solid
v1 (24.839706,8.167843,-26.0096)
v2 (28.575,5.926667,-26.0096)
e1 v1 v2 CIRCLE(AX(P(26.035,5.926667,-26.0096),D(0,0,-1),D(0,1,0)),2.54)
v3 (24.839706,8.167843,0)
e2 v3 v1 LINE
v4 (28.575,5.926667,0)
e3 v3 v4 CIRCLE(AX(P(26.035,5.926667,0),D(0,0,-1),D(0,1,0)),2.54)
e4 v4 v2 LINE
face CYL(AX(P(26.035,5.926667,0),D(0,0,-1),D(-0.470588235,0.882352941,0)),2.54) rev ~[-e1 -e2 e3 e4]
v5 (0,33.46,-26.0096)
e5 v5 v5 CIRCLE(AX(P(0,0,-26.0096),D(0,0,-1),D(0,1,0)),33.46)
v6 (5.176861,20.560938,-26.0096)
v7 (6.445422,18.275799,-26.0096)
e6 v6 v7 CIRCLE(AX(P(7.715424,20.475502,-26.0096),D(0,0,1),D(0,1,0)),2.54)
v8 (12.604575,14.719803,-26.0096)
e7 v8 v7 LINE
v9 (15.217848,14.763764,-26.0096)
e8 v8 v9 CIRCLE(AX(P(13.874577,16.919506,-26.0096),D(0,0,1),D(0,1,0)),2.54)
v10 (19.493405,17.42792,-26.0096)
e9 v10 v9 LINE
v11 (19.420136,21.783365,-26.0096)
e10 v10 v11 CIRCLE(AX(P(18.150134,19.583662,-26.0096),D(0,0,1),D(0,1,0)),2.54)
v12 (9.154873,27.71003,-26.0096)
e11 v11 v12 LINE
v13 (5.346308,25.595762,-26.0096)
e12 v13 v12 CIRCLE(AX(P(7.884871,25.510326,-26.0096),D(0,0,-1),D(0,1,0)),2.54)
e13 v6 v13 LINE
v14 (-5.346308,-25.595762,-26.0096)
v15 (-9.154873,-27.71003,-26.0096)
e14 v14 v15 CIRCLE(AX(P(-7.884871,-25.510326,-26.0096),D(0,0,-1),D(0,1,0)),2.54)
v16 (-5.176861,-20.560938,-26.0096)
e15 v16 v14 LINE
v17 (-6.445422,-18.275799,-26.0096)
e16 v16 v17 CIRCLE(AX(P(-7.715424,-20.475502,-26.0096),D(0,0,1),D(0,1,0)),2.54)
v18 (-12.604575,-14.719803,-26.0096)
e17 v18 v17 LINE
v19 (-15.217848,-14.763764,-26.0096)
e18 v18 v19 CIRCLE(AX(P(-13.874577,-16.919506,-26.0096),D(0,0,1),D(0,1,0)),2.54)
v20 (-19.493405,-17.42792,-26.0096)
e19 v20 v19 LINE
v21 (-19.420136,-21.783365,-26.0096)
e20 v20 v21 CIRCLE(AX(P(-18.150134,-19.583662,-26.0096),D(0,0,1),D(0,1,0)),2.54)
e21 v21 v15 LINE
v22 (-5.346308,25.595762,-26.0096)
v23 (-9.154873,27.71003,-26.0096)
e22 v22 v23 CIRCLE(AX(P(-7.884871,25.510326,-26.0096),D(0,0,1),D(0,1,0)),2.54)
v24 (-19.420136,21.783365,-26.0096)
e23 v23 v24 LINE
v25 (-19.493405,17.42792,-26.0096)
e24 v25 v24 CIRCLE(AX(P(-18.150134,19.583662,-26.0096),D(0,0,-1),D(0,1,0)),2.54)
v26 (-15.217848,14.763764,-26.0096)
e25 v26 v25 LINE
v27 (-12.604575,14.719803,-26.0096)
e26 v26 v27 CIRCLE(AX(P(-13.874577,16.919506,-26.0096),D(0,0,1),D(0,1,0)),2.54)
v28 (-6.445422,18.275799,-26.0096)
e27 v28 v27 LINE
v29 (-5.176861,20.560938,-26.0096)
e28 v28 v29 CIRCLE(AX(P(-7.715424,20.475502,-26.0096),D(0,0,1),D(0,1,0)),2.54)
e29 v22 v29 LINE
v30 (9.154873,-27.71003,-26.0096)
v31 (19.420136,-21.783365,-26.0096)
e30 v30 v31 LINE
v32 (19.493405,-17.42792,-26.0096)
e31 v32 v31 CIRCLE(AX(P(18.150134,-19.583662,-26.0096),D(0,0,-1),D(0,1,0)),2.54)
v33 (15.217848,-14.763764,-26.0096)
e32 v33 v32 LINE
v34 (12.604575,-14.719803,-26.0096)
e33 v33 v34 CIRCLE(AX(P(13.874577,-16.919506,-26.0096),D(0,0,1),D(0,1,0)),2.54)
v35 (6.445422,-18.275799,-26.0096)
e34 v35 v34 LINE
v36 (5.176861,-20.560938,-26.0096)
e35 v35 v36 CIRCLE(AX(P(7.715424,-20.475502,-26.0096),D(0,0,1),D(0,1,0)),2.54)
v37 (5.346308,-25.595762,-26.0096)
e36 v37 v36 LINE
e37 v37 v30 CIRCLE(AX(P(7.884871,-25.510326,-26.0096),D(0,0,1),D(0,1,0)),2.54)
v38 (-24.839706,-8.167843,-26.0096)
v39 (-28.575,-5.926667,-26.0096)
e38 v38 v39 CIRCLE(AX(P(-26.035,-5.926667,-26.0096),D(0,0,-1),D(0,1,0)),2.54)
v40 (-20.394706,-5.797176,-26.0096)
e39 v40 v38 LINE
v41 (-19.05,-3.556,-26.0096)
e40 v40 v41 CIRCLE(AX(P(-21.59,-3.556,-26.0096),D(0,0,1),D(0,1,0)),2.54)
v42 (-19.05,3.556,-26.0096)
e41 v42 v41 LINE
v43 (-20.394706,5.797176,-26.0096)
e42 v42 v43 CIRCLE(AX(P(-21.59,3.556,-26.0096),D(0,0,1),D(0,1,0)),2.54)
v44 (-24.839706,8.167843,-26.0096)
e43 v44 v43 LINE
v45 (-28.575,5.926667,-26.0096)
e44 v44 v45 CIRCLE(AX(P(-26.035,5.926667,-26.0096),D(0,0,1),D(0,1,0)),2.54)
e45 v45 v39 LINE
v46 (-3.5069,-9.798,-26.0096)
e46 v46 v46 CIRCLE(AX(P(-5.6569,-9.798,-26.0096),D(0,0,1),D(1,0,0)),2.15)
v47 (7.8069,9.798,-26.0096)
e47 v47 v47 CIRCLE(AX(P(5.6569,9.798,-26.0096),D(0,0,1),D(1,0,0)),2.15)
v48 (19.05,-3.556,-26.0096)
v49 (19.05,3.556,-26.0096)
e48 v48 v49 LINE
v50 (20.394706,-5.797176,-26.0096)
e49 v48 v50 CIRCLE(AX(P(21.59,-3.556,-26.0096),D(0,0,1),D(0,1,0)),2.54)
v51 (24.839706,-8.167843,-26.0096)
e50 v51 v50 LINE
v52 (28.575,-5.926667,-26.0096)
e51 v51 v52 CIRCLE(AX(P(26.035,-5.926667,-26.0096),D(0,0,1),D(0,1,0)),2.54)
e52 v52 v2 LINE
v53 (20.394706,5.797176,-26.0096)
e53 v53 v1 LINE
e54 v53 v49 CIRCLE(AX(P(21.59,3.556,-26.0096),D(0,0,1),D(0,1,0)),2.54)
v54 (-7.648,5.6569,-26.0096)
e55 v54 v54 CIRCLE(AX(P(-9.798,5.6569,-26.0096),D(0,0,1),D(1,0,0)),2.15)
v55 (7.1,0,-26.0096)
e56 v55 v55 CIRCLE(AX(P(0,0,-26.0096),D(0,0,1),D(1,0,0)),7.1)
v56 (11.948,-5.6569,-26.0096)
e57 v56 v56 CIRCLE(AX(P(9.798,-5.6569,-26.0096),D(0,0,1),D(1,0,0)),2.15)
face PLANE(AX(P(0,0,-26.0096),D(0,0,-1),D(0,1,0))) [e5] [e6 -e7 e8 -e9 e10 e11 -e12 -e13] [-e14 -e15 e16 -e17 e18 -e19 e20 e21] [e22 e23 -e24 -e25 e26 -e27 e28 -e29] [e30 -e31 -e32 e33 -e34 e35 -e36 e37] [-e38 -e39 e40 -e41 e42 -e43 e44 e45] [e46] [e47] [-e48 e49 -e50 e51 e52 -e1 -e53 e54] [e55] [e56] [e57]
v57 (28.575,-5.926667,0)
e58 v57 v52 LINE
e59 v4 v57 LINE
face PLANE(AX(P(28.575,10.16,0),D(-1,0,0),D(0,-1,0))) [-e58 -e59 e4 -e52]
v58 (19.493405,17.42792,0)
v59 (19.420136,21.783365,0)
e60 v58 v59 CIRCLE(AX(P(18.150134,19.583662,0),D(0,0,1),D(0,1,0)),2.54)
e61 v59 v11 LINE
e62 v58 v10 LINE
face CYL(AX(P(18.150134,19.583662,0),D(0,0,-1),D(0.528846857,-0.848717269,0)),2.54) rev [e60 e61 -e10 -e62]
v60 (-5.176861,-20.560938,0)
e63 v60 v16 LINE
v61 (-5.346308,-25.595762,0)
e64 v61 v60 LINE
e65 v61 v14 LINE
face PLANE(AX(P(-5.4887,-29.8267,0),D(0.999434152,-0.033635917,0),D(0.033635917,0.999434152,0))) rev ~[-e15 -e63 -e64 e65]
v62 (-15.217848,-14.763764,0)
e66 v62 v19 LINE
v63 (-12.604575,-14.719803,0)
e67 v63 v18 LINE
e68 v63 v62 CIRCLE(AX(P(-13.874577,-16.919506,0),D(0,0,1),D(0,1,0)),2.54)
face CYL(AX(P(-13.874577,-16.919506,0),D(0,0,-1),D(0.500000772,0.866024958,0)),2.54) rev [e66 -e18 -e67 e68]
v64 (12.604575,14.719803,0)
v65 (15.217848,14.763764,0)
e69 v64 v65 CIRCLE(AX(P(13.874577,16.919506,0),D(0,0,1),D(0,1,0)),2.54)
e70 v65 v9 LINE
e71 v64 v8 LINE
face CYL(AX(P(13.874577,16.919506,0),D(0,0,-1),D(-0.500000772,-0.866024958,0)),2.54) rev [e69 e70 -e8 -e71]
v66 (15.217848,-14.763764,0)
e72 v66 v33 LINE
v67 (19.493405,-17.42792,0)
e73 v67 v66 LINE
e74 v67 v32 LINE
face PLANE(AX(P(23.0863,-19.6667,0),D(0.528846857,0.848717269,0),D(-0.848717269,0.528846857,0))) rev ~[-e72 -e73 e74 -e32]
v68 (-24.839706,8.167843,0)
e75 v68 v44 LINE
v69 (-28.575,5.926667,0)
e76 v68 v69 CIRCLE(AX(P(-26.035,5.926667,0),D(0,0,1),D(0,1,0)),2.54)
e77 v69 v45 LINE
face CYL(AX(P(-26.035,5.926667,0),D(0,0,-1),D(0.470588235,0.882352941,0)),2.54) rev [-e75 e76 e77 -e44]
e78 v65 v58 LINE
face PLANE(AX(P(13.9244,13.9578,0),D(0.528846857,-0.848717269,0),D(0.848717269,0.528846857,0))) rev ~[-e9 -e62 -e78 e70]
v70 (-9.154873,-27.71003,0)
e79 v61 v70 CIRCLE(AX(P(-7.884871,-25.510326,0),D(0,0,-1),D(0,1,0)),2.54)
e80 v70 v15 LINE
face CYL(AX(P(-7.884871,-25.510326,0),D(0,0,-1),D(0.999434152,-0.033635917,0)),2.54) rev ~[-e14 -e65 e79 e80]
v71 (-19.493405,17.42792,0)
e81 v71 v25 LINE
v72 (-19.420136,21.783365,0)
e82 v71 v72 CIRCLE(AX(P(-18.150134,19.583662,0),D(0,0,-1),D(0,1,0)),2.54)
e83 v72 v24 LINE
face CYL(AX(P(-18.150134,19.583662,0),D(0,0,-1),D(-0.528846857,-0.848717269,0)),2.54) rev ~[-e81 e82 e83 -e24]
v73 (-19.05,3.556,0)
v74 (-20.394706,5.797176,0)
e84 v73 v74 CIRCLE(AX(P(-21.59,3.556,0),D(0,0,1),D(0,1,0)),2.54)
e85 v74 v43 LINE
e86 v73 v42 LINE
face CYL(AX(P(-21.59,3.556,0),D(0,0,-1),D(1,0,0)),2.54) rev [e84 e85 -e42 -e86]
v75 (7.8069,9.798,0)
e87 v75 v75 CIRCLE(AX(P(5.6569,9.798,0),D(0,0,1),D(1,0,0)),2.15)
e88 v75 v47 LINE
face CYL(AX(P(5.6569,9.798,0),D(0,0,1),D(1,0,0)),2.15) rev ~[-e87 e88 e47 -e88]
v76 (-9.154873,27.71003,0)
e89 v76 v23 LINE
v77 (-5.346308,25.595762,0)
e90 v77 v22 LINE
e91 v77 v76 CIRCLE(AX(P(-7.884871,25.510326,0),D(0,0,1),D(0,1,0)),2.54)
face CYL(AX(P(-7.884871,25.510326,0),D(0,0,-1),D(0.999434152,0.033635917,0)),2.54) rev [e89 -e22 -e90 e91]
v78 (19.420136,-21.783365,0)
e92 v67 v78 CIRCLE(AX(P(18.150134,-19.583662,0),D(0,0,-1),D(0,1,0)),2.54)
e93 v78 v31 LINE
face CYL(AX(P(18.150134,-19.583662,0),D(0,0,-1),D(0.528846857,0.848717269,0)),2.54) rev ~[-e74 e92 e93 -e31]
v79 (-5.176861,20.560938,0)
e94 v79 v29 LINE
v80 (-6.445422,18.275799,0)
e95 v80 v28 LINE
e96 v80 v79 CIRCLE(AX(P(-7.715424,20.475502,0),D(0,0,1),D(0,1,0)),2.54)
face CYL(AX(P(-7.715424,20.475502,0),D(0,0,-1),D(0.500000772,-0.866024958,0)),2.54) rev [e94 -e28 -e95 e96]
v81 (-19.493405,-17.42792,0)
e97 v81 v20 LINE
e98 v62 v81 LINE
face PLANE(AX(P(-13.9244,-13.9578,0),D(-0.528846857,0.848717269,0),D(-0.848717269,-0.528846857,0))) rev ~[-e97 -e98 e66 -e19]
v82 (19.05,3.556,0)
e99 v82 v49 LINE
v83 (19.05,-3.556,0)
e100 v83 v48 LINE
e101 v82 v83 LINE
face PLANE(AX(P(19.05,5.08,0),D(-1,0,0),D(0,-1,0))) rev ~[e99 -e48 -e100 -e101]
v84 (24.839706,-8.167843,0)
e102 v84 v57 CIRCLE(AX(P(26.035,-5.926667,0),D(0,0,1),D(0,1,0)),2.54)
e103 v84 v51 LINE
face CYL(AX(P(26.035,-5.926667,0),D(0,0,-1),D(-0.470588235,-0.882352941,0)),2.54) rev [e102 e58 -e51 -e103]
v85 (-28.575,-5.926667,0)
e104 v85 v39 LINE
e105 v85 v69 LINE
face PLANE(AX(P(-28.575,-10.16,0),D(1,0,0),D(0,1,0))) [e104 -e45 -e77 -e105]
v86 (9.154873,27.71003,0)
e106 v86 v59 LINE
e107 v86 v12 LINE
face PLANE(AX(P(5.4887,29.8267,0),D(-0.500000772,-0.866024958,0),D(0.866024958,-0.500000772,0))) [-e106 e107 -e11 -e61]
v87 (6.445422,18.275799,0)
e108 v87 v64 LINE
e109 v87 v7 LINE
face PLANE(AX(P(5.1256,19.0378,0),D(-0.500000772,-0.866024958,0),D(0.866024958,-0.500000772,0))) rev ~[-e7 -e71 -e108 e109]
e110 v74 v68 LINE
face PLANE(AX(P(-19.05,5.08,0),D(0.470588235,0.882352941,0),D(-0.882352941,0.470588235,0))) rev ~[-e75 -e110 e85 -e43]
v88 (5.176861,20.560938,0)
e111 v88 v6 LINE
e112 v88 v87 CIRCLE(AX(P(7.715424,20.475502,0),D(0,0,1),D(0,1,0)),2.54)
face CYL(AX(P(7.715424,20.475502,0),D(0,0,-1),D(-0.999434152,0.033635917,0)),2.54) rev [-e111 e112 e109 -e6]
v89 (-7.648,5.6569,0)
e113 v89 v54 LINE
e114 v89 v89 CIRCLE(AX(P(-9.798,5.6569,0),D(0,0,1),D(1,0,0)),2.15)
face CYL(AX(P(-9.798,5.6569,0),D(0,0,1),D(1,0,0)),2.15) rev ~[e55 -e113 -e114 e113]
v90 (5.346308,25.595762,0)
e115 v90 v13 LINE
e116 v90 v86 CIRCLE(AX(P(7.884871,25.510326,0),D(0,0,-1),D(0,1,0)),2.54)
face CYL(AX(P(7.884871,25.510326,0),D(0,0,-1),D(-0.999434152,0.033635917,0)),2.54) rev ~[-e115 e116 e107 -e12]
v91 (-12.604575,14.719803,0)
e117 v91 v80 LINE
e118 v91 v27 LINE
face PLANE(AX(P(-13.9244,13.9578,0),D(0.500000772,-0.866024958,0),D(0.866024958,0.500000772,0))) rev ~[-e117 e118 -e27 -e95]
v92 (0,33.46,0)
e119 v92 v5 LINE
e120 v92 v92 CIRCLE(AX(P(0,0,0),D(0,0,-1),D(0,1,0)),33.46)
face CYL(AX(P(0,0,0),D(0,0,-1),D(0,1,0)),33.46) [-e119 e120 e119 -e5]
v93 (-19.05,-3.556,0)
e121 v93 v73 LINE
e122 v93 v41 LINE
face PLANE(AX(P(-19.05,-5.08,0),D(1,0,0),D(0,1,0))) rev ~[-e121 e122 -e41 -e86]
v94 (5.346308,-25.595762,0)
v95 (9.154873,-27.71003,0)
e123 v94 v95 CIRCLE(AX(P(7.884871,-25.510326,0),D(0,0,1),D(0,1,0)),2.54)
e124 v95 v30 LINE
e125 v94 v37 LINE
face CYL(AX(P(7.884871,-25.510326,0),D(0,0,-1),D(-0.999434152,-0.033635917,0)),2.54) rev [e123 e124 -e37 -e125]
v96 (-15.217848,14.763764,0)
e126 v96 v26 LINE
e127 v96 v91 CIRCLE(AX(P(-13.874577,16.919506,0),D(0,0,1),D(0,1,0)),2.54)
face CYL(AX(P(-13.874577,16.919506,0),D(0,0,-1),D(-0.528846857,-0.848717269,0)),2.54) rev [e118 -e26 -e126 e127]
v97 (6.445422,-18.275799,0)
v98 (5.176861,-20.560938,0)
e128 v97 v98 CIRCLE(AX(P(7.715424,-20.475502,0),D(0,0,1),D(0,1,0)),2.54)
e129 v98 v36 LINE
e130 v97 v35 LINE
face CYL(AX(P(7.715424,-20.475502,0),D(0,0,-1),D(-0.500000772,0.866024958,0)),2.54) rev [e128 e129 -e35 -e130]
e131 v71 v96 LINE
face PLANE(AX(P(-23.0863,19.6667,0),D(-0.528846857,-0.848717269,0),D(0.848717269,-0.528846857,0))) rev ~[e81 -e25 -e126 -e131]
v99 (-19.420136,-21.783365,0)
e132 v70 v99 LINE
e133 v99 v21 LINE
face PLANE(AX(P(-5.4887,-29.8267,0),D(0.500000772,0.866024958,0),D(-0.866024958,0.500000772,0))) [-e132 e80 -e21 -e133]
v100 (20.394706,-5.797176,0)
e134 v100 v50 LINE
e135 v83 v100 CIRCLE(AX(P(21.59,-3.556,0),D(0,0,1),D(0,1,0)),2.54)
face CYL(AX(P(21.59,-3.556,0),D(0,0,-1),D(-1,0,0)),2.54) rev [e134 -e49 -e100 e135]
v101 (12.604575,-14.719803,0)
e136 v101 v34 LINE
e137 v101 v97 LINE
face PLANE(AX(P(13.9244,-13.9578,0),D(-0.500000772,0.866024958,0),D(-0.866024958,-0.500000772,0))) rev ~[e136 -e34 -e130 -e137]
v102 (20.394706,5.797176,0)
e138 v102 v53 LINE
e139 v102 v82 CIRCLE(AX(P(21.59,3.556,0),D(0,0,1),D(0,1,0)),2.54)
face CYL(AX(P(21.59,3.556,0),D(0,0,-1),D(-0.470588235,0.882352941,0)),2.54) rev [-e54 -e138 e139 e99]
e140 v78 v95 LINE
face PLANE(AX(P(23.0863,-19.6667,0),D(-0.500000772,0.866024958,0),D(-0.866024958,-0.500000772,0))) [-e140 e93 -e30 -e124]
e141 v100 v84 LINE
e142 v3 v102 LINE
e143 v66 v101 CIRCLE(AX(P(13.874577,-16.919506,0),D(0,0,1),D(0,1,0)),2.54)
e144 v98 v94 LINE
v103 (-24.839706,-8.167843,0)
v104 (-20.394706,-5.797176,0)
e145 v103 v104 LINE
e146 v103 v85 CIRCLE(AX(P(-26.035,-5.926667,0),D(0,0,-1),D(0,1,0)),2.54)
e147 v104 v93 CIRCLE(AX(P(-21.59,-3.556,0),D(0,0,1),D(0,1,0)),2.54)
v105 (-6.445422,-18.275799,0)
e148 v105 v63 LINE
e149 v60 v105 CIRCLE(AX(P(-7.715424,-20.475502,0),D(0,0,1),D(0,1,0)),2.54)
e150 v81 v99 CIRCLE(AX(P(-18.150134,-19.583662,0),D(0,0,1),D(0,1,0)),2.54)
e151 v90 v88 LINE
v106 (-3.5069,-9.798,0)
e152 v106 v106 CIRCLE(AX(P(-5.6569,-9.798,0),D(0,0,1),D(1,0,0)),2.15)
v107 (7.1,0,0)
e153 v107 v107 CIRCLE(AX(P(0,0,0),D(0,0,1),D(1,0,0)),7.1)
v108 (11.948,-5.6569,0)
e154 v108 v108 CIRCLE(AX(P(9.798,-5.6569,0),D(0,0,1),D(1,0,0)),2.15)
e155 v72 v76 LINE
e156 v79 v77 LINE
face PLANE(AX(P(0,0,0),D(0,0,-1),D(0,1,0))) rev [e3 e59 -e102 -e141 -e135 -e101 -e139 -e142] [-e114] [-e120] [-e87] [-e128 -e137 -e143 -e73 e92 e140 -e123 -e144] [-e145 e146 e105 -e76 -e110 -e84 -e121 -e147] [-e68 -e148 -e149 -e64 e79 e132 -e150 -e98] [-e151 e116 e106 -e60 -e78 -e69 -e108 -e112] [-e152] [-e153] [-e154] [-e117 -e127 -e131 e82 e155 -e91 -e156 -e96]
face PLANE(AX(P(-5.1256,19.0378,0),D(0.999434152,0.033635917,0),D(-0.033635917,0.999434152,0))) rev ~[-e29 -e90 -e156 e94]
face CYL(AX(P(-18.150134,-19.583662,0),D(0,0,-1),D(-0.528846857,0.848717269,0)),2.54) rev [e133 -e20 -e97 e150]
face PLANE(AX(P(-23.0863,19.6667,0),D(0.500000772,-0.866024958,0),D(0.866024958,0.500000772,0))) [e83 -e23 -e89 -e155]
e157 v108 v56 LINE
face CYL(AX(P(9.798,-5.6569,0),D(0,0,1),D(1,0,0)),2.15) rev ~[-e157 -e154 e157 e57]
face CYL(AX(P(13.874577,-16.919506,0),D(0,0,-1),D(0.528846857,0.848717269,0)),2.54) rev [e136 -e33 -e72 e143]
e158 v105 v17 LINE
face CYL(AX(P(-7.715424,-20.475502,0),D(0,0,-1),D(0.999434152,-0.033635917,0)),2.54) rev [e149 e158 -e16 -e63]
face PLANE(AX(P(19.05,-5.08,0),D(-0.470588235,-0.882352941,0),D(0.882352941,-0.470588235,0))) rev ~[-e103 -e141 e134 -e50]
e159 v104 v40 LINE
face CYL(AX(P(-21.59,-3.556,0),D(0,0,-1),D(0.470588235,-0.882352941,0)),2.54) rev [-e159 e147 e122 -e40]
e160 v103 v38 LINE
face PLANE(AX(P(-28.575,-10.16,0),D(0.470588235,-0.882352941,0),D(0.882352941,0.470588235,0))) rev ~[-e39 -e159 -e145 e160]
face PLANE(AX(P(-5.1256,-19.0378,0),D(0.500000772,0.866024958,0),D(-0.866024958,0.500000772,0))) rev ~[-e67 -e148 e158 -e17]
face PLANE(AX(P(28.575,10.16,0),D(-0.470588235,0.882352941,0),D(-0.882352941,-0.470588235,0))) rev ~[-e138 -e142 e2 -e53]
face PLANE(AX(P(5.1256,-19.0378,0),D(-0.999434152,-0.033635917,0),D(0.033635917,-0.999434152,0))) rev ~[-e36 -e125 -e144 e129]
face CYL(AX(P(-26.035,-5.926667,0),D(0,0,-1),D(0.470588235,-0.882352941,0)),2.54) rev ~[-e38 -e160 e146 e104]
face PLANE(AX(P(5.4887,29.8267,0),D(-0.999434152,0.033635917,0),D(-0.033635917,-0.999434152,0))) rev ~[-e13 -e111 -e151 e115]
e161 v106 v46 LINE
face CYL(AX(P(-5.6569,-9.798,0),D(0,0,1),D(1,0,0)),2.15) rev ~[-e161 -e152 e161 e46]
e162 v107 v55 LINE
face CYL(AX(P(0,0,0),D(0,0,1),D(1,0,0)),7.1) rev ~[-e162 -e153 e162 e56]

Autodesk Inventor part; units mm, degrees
ref_plane "YZ Plane" through (0, 0, 0) normal (1, 0, 0) x (0, 1, 0)
ref_plane "XZ Plane" through (0, 0, 0) normal (0, 1, 0) x (-1, 0, 0)
ref_plane "XY Plane" through (0, 0, 0) normal (0, 0, 1) x (1, 0, 0)
sketch "Sketch4" plane through (0, 0, 0) normal (1, 0, 0) x (0, 1, 0)
  line L0 (0, 0) -> (0, -26.0096)
  line L1 (0, 0) -> (33.46, 0)
  line L2 (33.46, 0) -> (33.46, -26.0096)
  line L3 (33.46, -26.0096) -> (0, -26.0096)
  line L4 (35.286, -25.908) -> (35.1766, -0.1801)
  arc A0 (35.286, -25.908) -> (35.2799, -24.4856) centre (35.283, -25.1968) ccw
  arc A1 (35.2795, -24.384) -> (35.2735, -22.9616) centre (35.2765, -23.6728) ccw
  arc A2 (35.273, -22.86) -> (35.267, -21.4376) centre (35.27, -22.1488) ccw
  arc A3 (35.2665, -21.336) -> (35.2605, -19.9137) centre (35.2635, -20.6248) ccw
  arc A4 (35.2601, -19.8121) -> (35.254, -18.3897) centre (35.257, -19.1009) ccw
  arc A5 (35.2536, -18.2881) -> (35.2475, -16.8657) centre (35.2506, -17.5769) ccw
  arc A6 (35.2471, -16.7641) -> (35.2411, -15.3417) centre (35.2441, -16.0529) ccw
  arc A7 (35.2406, -15.2401) -> (35.2346, -13.8177) centre (35.2376, -14.5289) ccw
  arc A8 (35.2342, -13.7161) -> (35.2281, -12.2937) centre (35.2311, -13.0049) ccw
  arc A9 (35.2277, -12.1921) -> (35.2216, -10.7697) centre (35.2247, -11.4809) ccw
  arc A10 (35.2212, -10.6681) -> (35.2152, -9.2458) centre (35.2182, -9.9569) ccw
  arc A11 (35.2147, -9.1442) -> (35.2087, -7.7218) centre (35.2117, -8.433) ccw
  arc A12 (35.2083, -7.6202) -> (35.2022, -6.1978) centre (35.2052, -6.909) ccw
  arc A13 (35.2018, -6.0962) -> (35.1957, -4.6738) centre (35.1988, -5.385) ccw
  arc A14 (35.1953, -4.5722) -> (35.1893, -3.1498) centre (35.1923, -3.861) ccw
  arc A15 (35.1888, -3.0482) -> (35.1828, -1.6258) centre (35.1858, -2.337) ccw
  arc A16 (35.1824, -1.5242) -> (35.1763, -0.1018) centre (35.1793, -0.813) ccw
  line L5 (35.1763, -0.1018) -> (33.46, -0.1018)
  line L6 (35.286, -25.908) -> (33.46, -25.908)
  point P0 (35.2799, -24.4856)
  point P1 (35.2735, -22.9616)
  point P2 (35.267, -21.4376)
  point P3 (35.2605, -19.9137)
  point P4 (35.254, -18.3897)
  point P5 (35.2536, -18.2881)
  point P6 (35.2475, -16.8657)
  point P7 (35.2411, -15.3417)
  point P8 (35.2406, -15.2401)
  point P9 (35.2346, -13.8177)
  point P10 (35.2342, -13.7161)
  point P11 (35.2281, -12.2937)
  point P12 (35.2277, -12.1921)
  point P13 (35.2216, -10.7697)
  point P14 (35.2152, -9.2458)
  point P15 (35.2087, -7.7218)
  point P16 (35.2083, -7.6202)
  point P17 (35.2022, -6.1978)
  point P18 (35.2018, -6.0962)
  point P19 (35.1957, -4.6738)
  point P20 (35.1953, -4.5722)
  point P21 (35.1893, -3.1498)
  point P22 (35.1888, -3.0482)
  point P23 (35.1828, -1.6258)
  point P24 (35.1824, -1.5242)
  dimension "d12" = 26.0096
  dimension "d13" = 33.46
  dimension "d14" = 1.8288
  dimension "d18" = 1.524
  dimension "d25" = 0.7112
  dimension "d26" = 0.243
  dimension "d27" = 0.1016
  dimension "d28" = 0
revolve "Revolution1" add sketch "Sketch4" angle 360 about axis through (0, 0, 0) along (0, 0, -1) contours L1 L2 L3 L0
sketch "Sketch5" plane through (0, 0, 0) normal (0, 0, 1) x (1, 0, 0)
  line L0 (19.05, 5.08) -> (19.05, -5.08)
  line L1 (28.575, 10.16) -> (28.575, -10.16)
  line L2 (28.575, 10.16) -> (19.05, 5.08)
  line L3 (19.05, -5.08) -> (28.575, -10.16)
  line L4 (5.4887, 29.8267) -> (5.1256, 19.0378)
  line L5 (5.4887, 29.8267) -> (23.0863, 19.6667)
  line L6 (5.1256, 19.0378) -> (13.9244, 13.9578)
  line L7 (13.9244, 13.9578) -> (23.0863, 19.6667)
  line L8 (-23.0863, 19.6667) -> (-13.9244, 13.9578)
  line L9 (-23.0863, 19.6667) -> (-5.4887, 29.8267)
  line L10 (-13.9244, 13.9578) -> (-5.1256, 19.0378)
  line L11 (-5.1256, 19.0378) -> (-5.4887, 29.8267)
  line L12 (-28.575, -10.16) -> (-19.05, -5.08)
  line L13 (-28.575, -10.16) -> (-28.575, 10.16)
  line L14 (-19.05, -5.08) -> (-19.05, 5.08)
  line L15 (-19.05, 5.08) -> (-28.575, 10.16)
  line L16 (-5.4887, -29.8267) -> (-5.1256, -19.0378)
  line L17 (-5.4887, -29.8267) -> (-23.0863, -19.6667)
  line L18 (-5.1256, -19.0378) -> (-13.9244, -13.9578)
  line L19 (-13.9244, -13.9578) -> (-23.0863, -19.6667)
  line L20 (23.0863, -19.6667) -> (13.9244, -13.9578)
  line L21 (23.0863, -19.6667) -> (5.4887, -29.8267)
  line L22 (13.9244, -13.9578) -> (5.1256, -19.0378)
  line L23 (5.1256, -19.0378) -> (5.4887, -29.8267)
  point P0 (0, 0)
  point P1 (19.05, 0)
  point P2 (28.575, 0)
  point P3 (14.2875, 24.7467)
  point P4 (9.525, 16.4978)
  point P5 (-14.2875, 24.7467)
  point P6 (-9.525, 16.4978)
  point P7 (-28.575, 0)
  point P8 (-19.05, 0)
  point P9 (-14.2875, -24.7467)
  point P10 (-9.525, -16.4978)
  point P11 (14.2875, -24.7467)
  point P12 (9.525, -16.4978)
  dimension "d30" = 10.16
  dimension "d31" = 20.32
  dimension "d32" = 0
  dimension "d33" = 19.05
  dimension "d34" = 9.525
  dimension "d35" = 0
  dimension "d38" = 360
extrude "Extrusion3" cut sketch "Sketch5" against normal through all
fillet "Fillet1" radius 2.54 24 edges at (-5.4887, -29.8267, -13.0048) (-5.1256, -19.0378, -13.0048) (-13.9244, -13.9578, -13.0048) (-23.0863, -19.6667, -13.0048) (5.4887, 29.8267, -13.0048) (5.1256, 19.0378, -13.0048) (13.9244, 13.9578, -13.0048) (23.0863, 19.6667, -13.0048) (-28.575, -10.16, -13.0048) (-19.05, -5.08, -13.0048) (-19.05, 5.08, -13.0048) (-28.575, 10.16, -13.0048) (23.0863, -19.6667, -13.0048) (13.9244, -13.9578, -13.0048) (5.1256, -19.0378, -13.0048) (5.4887, -29.8267, -13.0048) (28.575, 10.16, -13.0048) (19.05, 5.08, -13.0048) (19.05, -5.08, -13.0048) (28.575, -10.16, -13.0048) (-23.0863, 19.6667, -13.0048) (-13.9244, 13.9578, -13.0048) (-5.1256, 19.0378, -13.0048) (-5.4887, 29.8267, -13.0048)
sketch "Sketch6" plane through (0, 0, 0) normal (0, 0, 1) x (1, 0, 0)
  circle A0 centre (0, 0) radius 7.1
  circle A1 centre (-9.798, 5.6569) radius 2 construction
  circle A2 centre (5.6569, 9.798) radius 2 construction
  circle A3 centre (9.798, -5.6569) radius 2 construction
  circle A4 centre (-5.6569, -9.798) radius 2 construction
  circle A5 centre (-9.798, 5.6569) radius 2.15
  circle A6 centre (5.6569, 9.798) radius 2.15
  circle A7 centre (9.798, -5.6569) radius 2.15
  circle A8 centre (-5.6569, -9.798) radius 2.15
  dimension "d43" = 14.2
  dimension "d46" = 4.3
  dimension "d47" = 4.3
  dimension "d48" = 4.3
  dimension "d49" = 4.3
extrude "Extrusion4" cut sketch "Sketch6" against normal through all
properties part number "Wheel_Base"
